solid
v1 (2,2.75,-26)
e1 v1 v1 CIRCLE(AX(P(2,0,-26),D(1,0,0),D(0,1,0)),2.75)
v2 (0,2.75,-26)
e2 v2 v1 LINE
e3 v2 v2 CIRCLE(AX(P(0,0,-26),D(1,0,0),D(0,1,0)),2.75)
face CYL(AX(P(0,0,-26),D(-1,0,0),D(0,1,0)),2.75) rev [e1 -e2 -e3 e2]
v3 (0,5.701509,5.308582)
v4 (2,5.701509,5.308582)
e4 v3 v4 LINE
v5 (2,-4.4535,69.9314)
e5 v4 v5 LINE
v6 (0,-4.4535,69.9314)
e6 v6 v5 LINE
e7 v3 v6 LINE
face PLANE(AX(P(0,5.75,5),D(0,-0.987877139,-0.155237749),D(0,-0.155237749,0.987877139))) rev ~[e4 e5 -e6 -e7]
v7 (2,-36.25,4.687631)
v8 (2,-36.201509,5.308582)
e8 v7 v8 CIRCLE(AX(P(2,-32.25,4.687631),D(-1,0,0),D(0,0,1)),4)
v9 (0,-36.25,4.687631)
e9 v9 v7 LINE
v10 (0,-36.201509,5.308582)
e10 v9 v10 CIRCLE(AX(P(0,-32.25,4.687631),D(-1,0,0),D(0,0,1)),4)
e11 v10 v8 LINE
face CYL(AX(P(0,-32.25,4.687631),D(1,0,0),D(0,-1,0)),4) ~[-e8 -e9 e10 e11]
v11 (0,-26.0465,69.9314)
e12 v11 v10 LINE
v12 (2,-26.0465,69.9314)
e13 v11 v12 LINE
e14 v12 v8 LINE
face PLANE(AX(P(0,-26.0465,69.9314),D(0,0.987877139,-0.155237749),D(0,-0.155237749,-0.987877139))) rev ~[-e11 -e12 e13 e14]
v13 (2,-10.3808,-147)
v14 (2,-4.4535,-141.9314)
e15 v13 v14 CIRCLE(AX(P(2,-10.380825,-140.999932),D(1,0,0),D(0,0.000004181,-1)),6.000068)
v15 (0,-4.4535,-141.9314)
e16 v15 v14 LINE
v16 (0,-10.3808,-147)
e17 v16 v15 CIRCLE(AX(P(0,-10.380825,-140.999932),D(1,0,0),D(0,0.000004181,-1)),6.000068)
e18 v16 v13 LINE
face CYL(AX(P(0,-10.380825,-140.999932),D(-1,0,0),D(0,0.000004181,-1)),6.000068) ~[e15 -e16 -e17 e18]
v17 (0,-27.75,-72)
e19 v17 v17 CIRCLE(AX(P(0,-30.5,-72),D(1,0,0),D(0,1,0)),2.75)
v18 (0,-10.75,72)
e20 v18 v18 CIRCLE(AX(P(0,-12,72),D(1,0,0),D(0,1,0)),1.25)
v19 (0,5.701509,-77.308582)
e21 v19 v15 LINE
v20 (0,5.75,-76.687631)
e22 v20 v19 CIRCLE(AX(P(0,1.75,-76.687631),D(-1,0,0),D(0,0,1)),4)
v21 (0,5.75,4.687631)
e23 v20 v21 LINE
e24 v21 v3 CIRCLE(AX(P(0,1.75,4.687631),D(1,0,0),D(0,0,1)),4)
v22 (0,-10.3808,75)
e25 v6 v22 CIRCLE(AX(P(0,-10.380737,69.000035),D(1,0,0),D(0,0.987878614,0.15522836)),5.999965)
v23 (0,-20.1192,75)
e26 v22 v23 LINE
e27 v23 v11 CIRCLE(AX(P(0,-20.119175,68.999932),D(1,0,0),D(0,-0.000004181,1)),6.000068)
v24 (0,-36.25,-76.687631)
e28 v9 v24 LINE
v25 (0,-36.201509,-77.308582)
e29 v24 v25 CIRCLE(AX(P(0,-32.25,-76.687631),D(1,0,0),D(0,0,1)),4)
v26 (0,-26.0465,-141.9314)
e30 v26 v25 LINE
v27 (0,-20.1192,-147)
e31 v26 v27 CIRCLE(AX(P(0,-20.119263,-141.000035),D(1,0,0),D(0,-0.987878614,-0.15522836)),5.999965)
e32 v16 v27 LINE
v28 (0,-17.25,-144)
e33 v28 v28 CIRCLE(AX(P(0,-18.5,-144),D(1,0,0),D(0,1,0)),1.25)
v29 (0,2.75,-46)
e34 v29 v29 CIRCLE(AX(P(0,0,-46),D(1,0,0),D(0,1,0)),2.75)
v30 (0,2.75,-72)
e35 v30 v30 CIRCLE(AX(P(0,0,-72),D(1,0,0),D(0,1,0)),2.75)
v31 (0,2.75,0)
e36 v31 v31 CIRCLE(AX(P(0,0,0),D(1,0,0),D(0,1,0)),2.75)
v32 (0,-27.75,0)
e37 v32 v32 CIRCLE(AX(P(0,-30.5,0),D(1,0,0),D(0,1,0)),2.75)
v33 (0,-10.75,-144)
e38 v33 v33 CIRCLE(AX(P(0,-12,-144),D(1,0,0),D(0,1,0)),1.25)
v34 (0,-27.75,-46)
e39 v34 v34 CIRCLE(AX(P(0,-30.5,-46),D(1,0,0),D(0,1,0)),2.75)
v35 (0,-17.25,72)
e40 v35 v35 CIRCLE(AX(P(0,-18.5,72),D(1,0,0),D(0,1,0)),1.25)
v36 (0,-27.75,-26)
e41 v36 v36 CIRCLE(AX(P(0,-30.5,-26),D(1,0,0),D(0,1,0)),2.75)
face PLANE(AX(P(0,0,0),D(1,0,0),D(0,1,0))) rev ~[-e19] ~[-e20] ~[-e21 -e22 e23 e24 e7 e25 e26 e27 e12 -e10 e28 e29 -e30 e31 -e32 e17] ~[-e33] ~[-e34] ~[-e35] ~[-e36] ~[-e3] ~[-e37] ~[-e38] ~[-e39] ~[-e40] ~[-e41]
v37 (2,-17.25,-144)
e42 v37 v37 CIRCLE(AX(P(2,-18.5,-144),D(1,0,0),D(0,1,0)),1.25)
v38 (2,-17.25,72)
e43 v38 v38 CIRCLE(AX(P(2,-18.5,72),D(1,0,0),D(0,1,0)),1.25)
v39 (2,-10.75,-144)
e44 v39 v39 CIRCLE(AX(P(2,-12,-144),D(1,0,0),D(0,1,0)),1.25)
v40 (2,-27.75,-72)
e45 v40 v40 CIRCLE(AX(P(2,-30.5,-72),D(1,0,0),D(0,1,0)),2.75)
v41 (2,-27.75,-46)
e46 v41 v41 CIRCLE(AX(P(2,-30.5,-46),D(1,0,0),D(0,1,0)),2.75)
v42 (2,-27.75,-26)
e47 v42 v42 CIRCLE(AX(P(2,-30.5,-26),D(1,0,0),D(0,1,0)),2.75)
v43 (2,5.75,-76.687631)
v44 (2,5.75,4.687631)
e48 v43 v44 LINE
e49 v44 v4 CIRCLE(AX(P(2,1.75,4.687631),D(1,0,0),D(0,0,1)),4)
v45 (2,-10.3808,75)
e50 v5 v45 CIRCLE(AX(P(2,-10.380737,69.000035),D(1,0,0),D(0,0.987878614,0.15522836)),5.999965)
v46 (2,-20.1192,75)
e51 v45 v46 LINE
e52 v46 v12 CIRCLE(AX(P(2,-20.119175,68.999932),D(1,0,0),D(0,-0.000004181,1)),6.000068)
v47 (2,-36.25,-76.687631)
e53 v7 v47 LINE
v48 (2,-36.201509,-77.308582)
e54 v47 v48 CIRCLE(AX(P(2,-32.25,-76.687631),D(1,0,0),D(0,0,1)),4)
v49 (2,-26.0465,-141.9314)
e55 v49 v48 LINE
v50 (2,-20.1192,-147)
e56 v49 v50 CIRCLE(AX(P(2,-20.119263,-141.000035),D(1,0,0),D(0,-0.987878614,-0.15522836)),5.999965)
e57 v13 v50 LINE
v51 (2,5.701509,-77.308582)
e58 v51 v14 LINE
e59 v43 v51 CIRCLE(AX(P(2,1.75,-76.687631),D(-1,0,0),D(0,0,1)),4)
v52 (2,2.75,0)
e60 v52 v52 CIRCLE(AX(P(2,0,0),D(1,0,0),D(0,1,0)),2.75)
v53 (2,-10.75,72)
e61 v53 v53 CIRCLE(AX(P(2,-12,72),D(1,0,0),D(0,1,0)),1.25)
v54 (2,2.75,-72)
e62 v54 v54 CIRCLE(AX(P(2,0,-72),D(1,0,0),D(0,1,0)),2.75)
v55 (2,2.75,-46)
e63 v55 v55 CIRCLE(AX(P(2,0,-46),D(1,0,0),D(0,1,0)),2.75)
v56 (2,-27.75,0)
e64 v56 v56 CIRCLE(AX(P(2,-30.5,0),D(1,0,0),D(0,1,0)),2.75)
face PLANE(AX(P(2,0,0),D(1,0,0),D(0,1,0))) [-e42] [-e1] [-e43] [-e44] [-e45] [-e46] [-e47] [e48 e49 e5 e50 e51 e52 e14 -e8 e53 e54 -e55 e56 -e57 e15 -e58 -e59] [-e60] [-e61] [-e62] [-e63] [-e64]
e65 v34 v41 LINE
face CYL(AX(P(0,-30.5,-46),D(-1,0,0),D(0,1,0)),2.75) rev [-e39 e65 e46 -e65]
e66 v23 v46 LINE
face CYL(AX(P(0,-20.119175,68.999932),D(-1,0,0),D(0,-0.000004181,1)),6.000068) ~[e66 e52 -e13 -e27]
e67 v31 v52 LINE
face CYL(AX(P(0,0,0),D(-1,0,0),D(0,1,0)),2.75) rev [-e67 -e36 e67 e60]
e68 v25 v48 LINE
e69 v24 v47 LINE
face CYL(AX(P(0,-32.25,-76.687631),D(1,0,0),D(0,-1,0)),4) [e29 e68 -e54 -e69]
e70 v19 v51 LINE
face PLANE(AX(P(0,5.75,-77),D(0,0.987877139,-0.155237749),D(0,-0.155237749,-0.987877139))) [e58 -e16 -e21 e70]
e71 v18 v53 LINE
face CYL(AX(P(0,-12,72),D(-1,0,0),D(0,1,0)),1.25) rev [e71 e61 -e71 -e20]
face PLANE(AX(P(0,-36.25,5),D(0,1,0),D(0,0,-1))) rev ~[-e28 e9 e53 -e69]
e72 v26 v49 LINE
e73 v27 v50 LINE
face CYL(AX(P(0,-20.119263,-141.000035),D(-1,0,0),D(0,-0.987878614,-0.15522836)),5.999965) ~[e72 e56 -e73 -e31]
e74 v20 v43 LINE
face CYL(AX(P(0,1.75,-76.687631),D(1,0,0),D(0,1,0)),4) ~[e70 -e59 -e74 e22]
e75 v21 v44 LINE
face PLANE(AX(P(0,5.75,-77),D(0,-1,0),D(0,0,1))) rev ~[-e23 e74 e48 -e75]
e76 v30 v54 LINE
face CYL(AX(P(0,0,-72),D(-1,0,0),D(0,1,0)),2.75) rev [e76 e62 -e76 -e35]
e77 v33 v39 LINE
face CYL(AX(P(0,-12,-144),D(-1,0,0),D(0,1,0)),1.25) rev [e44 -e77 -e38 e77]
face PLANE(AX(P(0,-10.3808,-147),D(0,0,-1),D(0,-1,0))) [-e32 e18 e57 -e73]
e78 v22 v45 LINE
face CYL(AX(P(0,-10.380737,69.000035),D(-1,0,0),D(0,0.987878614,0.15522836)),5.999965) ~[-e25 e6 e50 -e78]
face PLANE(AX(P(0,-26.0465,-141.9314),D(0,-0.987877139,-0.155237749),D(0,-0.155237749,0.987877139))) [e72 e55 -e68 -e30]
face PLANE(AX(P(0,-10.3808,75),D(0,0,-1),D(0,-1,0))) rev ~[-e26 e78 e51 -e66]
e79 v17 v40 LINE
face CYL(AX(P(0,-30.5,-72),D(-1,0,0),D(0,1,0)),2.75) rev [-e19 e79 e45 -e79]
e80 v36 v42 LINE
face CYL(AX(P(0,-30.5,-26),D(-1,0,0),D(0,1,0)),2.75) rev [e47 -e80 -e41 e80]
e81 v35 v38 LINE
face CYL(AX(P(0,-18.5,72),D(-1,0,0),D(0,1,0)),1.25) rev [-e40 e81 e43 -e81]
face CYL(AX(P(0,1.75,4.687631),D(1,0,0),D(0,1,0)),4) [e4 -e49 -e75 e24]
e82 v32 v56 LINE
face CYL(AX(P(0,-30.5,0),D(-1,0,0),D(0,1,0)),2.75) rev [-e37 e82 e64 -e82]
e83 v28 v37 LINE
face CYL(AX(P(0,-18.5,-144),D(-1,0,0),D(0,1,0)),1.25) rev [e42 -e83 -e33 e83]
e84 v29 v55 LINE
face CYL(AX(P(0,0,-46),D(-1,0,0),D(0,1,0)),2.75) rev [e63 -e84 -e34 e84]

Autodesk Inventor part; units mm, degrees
ref_plane "YZ Plane" through (0, 0, 0) normal (1, 0, 0) x (0, 1, 0)
ref_plane "XZ Plane" through (0, 0, 0) normal (0, 1, 0) x (-1, 0, 0)
ref_plane "XY Plane" through (0, 0, 0) normal (0, 0, 1) x (1, 0, 0)
sketch "Sketch1" plane through (0, 0, 0) normal (1, 0, 0) x (0, 1, 0)
  circle A0 centre (0, 0) radius 2.75
  line L0 (0, 0) -> (0, -10) construction
  line L1 (0, 0) -> (-10, 0) construction
  circle A1 centre (0, -26) radius 2.75
  circle A2 centre (-30.5, 0) radius 2.75
  circle A3 centre (-30.5, -26) radius 2.75
  circle A4 centre (0, -46) radius 2.75
  line L2 (0, -46) -> (0, -56) construction
  line L3 (0, -46) -> (-10, -46) construction
  circle A5 centre (0, -72) radius 2.75
  circle A6 centre (-30.5, -46) radius 2.75
  circle A7 centre (-30.5, -72) radius 2.75
  line L4 (5.75, 5) -> (-36.25, 5)
  line L5 (-36.25, 5) -> (-36.25, -77)
  line L6 (-36.25, -77) -> (5.75, -77)
  line L7 (5.75, -77) -> (5.75, 5)
  line L8 (5.75, -77) -> (-4.4535, -141.9314)
  line L9 (-10.3808, -147) -> (-20.1192, -147)
  line L10 (-26.0465, -141.9314) -> (-36.25, -77)
  circle A8 centre (-12, -144) radius 1.25
  circle A9 centre (-18.5, -144) radius 1.25
  line L11 (-12, -144) -> (-18.5, -144) construction
  line L12 (5.75, -36) -> (-36.25, -36) construction
  line L13 (5.75, 5) -> (-4.4535, 69.9314)
  line L14 (-10.3808, 75) -> (-20.1192, 75)
  line L15 (-26.0465, 69.9314) -> (-36.25, 5)
  circle A10 centre (-12, 72) radius 1.25
  circle A11 centre (-18.5, 72) radius 1.25
  line L16 (-12, 72) -> (-18.5, 72) construction
  arc A12 (-10.3808, -147) -> (-4.4535, -141.9314) centre (-10.3808, -141) ccw
  arc A13 (-26.0465, -141.9314) -> (-20.1192, -147) centre (-20.1192, -141) ccw
  arc A14 (-4.4535, 69.9314) -> (-10.3808, 75) centre (-10.3808, 69) ccw
  arc A15 (-20.1192, 75) -> (-26.0465, 69.9314) centre (-20.1192, 69) ccw
  point P0 (-5.25, -147)
  point P1 (-25.25, -147)
  point P2 (-15.25, -147)
  point P3 (-15.25, -77)
  point P4 (-15.25, -144)
  point P5 (-5.25, 75)
  point P6 (-25.25, 75)
  point P7 (-15.25, 75)
  point P8 (-15.25, 72)
  dimension "d0" = 5.5
  dimension "d1" = 10
  dimension "d2" = 10
  dimension "d5" = 26
  dimension "d8" = 30.5
  dimension "d13" = 46
  dimension "d18" = 5
  dimension "d19" = 5
  dimension "d20" = 5.75
  dimension "d21" = 5.75
  dimension "d22" = 70
  dimension "d23" = 20
  dimension "d24" = 2.5
  dimension "d25" = 2.5
  dimension "d26" = 3
  dimension "d27" = 6.5
  dimension "d28" = 6
extrude "Extrusion1" add sketch "Sketch1" along normal blind 2
fillet "Fillet1" radius 4 4 edges at (1, 5.75, 5) (1, 5.75, -77) (1, -36.25, -77) (1, -36.25, 5)
equation "\"d18\" = d19"
equation "\"d21\" = d20"
equation "\"d25\" = d24"
properties part number "ENDSTOPPLATE_XAXIS"
